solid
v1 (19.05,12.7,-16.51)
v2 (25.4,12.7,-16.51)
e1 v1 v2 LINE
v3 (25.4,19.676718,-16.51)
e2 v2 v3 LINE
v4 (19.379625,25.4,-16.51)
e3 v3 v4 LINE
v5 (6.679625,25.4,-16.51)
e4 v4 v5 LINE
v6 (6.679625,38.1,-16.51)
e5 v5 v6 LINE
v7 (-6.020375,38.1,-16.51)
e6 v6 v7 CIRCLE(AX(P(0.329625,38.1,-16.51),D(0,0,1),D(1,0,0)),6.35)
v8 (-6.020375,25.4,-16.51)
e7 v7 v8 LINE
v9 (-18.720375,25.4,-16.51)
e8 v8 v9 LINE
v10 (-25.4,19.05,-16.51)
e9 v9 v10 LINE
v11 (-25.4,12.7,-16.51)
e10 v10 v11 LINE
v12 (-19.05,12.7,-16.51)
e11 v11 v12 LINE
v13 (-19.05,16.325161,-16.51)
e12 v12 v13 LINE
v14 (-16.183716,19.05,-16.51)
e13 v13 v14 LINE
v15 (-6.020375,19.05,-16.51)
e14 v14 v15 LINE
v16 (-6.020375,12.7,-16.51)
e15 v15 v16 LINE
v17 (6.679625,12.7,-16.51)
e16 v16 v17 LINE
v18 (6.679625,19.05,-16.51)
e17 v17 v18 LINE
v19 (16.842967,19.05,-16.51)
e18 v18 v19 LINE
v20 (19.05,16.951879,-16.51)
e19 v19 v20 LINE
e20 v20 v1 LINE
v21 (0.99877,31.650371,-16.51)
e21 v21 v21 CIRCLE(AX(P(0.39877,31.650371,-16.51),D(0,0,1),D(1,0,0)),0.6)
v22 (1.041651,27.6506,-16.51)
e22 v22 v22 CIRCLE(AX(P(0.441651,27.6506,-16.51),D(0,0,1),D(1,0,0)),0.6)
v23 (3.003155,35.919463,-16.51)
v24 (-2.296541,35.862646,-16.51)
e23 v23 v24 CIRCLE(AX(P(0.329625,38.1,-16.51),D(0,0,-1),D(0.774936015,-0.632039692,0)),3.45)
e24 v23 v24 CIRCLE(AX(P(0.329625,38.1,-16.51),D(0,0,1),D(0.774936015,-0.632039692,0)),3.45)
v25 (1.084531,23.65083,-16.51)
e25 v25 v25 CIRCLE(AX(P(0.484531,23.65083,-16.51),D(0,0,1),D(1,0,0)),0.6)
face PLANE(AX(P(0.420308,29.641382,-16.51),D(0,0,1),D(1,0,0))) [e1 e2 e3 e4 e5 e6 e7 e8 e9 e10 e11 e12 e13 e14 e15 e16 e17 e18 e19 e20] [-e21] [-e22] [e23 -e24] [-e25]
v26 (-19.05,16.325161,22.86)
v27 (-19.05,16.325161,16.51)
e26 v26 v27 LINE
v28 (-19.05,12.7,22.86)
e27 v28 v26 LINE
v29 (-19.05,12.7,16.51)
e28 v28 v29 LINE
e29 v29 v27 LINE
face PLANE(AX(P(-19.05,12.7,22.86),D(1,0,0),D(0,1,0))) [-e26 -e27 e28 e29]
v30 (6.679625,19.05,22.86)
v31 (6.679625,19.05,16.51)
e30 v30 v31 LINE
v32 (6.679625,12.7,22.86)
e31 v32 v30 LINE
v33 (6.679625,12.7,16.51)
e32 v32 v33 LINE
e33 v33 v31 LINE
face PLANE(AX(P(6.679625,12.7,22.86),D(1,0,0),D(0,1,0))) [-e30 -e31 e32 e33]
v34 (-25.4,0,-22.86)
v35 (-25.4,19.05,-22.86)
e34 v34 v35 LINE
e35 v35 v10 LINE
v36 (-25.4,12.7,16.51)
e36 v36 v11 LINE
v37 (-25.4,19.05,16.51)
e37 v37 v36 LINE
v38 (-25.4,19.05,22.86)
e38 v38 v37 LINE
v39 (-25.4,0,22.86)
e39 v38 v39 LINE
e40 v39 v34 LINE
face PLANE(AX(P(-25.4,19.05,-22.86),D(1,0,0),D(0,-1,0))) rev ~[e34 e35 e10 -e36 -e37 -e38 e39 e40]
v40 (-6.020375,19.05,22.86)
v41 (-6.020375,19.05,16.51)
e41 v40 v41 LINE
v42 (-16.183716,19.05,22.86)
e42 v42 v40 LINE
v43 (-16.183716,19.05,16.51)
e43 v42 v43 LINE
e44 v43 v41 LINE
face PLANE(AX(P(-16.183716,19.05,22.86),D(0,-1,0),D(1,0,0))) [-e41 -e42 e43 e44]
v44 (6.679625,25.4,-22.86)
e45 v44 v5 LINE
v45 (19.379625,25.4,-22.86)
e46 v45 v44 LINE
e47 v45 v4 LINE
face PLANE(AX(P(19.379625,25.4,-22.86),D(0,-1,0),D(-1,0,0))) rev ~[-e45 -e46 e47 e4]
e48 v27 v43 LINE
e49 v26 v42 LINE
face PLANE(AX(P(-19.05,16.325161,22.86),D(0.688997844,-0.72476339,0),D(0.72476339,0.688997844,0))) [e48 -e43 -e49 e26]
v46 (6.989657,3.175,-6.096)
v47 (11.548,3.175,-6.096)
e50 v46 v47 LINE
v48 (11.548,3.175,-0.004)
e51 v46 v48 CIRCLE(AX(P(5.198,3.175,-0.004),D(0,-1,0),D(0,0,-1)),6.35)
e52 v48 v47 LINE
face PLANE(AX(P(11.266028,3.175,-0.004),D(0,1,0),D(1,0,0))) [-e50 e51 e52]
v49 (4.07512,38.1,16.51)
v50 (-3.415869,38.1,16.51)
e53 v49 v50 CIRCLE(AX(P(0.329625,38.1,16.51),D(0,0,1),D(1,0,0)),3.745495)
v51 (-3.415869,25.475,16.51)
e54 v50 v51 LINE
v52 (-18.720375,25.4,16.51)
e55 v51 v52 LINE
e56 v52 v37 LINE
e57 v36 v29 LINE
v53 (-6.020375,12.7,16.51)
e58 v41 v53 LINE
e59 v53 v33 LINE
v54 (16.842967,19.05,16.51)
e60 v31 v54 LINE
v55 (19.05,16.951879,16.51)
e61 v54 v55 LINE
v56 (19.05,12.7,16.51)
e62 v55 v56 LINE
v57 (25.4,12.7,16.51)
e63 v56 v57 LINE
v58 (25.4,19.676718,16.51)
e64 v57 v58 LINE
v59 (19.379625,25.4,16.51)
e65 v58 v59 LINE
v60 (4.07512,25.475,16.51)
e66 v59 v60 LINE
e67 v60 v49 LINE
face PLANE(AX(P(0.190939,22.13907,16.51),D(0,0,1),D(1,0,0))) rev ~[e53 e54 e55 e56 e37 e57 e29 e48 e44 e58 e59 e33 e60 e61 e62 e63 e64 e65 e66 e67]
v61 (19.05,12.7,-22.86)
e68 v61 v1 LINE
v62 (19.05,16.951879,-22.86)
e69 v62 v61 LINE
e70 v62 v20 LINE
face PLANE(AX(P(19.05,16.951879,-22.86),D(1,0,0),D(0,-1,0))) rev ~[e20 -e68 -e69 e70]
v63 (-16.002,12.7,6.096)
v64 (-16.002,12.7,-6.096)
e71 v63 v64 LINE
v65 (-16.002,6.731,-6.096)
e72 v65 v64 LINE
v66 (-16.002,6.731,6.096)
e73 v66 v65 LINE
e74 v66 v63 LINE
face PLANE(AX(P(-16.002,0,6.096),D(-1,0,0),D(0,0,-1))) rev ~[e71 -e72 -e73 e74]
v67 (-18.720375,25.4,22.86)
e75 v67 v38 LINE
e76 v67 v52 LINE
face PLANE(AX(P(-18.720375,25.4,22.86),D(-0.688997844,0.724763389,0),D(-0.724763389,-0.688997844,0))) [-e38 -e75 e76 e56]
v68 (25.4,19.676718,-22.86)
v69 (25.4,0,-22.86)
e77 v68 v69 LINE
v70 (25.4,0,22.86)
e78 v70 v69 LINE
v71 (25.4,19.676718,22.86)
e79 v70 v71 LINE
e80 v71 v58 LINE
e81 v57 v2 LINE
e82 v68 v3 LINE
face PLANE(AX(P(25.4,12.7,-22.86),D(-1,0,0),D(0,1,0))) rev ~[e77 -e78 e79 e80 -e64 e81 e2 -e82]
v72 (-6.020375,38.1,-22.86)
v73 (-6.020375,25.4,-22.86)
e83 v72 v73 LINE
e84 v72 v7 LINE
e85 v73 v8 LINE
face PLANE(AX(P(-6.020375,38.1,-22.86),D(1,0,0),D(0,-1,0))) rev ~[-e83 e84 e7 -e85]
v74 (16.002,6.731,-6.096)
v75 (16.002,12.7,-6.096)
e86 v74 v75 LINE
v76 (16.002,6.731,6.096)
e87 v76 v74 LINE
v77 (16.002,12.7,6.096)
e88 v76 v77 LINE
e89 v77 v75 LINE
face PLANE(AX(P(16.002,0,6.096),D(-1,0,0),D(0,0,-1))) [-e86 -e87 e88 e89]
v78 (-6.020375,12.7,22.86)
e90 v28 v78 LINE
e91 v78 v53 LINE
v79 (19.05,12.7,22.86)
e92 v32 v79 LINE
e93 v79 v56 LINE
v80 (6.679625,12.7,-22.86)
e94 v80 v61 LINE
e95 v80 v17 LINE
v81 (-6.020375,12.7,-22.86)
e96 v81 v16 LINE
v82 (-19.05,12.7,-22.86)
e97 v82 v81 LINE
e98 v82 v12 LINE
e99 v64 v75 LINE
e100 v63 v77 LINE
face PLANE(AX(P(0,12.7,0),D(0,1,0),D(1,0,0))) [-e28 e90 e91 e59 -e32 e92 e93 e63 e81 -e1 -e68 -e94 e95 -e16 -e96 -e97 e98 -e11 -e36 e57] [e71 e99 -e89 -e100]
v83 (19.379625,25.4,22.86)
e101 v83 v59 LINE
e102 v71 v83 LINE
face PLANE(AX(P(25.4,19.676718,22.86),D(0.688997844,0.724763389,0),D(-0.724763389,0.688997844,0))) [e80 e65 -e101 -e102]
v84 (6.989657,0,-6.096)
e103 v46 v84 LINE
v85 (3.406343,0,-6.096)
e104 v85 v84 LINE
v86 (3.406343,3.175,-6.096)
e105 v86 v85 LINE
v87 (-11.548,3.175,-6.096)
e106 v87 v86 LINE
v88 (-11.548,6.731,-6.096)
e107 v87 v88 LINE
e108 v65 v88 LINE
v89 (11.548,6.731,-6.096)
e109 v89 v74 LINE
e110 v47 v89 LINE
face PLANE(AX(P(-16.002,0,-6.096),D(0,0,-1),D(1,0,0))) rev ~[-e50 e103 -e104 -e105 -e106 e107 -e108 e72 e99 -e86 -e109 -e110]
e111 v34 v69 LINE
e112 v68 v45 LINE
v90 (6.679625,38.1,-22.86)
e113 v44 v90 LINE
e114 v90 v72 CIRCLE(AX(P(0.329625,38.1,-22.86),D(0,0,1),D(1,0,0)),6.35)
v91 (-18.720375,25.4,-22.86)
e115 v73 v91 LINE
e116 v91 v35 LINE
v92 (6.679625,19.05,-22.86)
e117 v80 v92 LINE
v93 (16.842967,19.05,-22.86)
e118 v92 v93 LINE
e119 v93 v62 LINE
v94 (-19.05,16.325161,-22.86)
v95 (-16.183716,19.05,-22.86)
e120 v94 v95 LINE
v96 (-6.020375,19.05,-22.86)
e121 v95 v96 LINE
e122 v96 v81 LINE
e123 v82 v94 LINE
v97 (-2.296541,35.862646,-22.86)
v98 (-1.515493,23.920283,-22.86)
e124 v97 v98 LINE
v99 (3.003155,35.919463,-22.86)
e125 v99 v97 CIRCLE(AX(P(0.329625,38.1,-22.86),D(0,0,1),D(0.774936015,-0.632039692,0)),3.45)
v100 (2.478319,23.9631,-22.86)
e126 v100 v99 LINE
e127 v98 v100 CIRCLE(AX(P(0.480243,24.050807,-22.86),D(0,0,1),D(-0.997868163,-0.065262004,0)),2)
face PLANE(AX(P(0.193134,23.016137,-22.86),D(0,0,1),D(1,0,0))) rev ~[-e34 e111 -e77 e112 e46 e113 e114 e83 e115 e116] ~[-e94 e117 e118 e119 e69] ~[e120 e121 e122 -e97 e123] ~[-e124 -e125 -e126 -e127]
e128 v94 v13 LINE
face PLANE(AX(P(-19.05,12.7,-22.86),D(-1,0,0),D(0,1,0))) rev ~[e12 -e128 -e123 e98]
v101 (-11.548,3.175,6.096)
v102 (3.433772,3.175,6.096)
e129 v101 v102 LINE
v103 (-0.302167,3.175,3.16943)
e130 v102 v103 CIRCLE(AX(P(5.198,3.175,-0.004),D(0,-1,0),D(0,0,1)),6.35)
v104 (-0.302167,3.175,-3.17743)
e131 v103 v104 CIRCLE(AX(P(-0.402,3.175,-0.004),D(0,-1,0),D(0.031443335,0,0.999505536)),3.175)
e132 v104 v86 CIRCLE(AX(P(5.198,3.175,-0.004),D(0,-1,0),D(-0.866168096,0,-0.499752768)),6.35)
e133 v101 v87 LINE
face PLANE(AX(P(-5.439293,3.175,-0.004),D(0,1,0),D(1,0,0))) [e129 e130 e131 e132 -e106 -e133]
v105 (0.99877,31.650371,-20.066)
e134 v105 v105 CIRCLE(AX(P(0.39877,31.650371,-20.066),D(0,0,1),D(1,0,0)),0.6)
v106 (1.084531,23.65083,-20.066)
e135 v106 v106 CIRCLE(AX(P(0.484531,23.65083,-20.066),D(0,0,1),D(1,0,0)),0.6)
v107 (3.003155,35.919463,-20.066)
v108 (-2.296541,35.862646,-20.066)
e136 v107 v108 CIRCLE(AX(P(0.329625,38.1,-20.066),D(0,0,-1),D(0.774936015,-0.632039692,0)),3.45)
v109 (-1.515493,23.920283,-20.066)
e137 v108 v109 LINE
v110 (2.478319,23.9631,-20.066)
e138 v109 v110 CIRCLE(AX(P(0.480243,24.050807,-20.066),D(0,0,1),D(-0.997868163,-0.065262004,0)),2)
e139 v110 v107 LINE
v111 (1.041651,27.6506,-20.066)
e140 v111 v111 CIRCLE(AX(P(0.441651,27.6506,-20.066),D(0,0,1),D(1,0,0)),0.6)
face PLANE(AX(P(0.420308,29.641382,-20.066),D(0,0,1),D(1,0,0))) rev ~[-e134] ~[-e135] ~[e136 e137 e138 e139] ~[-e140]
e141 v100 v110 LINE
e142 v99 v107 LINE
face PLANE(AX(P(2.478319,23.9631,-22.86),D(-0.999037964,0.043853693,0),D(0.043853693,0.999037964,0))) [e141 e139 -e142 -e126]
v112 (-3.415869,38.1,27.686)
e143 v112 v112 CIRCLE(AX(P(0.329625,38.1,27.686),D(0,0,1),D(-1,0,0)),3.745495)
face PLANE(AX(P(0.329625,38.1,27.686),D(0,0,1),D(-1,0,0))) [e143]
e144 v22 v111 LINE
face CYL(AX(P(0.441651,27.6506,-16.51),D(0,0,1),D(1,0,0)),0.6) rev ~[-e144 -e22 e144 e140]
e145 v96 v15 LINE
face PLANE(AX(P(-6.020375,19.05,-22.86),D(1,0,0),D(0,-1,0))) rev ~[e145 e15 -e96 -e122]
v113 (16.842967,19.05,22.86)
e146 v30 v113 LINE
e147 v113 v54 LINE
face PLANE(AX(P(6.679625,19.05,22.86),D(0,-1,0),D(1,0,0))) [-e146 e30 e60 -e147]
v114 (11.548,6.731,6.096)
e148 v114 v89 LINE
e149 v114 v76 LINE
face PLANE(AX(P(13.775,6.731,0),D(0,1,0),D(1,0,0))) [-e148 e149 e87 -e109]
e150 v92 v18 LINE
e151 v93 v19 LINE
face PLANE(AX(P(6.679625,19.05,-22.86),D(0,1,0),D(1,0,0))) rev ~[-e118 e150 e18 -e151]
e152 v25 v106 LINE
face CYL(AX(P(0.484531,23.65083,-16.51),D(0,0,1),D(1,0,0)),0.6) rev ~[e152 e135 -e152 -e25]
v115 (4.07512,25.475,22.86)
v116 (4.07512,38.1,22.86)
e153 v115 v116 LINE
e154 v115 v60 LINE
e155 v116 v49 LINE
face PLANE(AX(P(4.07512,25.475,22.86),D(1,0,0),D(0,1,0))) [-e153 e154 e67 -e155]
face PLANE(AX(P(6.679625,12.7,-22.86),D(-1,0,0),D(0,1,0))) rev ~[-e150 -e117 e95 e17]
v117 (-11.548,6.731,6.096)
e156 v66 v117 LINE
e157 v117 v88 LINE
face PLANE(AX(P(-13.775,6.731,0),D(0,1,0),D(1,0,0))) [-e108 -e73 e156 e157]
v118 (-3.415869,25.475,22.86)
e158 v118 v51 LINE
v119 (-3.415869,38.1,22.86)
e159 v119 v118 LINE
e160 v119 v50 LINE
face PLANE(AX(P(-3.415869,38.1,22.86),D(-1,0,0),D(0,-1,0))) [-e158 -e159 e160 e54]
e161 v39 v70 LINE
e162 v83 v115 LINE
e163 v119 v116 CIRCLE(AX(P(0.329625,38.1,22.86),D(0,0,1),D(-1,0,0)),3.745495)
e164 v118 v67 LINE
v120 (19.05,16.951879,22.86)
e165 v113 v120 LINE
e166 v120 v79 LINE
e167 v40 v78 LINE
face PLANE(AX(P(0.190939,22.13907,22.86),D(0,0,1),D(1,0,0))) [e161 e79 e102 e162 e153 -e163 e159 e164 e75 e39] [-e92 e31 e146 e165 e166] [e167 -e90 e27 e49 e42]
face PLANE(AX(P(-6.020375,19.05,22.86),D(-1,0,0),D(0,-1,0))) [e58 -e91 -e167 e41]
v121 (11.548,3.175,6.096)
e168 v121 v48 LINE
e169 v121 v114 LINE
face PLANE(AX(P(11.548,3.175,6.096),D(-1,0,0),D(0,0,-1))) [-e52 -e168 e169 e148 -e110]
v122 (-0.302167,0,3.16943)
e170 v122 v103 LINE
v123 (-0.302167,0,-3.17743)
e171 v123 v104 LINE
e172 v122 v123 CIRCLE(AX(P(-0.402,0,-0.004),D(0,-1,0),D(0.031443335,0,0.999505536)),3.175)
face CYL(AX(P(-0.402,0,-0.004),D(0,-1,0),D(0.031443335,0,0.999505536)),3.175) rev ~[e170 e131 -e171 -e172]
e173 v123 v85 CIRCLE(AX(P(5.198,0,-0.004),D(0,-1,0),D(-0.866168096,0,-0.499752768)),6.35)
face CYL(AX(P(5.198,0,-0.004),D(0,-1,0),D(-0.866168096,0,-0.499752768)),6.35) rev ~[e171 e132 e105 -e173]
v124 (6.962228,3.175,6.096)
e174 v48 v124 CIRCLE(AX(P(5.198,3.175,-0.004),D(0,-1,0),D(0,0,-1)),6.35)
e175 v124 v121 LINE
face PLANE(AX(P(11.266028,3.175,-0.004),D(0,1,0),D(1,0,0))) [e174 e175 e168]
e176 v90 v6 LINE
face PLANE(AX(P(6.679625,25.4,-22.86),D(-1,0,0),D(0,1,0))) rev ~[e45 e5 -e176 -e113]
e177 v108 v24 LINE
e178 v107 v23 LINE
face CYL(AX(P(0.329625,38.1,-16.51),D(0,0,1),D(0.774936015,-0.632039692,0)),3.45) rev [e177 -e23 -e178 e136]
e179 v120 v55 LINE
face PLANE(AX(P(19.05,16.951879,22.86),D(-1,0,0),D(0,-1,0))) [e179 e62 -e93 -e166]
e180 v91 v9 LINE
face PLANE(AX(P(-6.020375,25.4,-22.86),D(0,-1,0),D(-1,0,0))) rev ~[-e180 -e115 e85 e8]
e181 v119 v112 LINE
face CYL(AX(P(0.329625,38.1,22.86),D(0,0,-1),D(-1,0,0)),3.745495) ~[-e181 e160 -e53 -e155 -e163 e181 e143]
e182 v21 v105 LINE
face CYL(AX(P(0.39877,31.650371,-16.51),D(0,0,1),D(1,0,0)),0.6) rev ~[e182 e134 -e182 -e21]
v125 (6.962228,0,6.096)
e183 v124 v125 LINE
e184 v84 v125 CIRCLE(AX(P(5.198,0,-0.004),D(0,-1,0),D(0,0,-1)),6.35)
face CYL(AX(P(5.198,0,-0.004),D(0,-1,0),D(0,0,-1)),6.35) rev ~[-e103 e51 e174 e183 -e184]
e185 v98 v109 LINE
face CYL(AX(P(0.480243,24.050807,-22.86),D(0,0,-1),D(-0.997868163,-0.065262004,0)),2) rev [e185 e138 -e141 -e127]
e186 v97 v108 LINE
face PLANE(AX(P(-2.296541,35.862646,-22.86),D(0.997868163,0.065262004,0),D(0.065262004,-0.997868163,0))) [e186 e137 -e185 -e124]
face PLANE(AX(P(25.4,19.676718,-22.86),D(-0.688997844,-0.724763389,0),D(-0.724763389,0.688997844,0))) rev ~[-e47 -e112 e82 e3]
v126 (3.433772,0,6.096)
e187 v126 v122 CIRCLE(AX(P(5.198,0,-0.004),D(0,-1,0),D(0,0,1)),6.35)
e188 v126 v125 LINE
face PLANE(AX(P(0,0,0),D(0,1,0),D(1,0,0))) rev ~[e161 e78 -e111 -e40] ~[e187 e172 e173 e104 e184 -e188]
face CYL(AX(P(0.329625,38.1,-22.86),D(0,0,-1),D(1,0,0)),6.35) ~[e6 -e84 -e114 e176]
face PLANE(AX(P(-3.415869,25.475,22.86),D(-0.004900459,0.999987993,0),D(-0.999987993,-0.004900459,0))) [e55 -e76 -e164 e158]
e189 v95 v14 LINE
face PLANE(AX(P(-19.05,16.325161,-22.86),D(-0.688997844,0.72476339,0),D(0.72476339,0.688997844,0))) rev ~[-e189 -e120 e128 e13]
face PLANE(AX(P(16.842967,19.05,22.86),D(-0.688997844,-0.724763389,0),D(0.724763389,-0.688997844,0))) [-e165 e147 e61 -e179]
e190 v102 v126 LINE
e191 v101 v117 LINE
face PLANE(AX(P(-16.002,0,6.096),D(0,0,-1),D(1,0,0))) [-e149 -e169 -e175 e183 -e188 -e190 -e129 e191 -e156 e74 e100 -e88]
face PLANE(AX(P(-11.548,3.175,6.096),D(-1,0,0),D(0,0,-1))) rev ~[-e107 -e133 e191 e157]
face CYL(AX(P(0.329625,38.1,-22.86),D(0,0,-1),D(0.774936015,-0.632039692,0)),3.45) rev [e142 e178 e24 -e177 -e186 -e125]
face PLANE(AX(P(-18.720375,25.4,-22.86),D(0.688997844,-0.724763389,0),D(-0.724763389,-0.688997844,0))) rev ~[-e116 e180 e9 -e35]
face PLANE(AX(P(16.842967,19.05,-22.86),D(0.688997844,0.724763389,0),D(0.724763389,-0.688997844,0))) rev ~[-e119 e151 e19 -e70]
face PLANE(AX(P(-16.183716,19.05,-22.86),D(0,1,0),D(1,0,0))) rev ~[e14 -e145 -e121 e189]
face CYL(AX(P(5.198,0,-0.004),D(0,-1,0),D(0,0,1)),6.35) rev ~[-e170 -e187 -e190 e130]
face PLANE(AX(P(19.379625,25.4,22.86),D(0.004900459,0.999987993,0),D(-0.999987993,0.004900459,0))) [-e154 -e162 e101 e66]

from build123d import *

# Parameters (mm, degrees)
SKETCH1_W           = 50.8
SKETCH1_H           = 45.72
SKETCH1_W_2         = 32.004
SKETCH1_H_2         = 12.192
BOSS_EXTRUDE1_DEPTH = 12.7
BOSS_EXTRUDE2_START = -22.86
SKETCH2_R           = 1.671921998
BOSS_EXTRUDE2_DEPTH = 6.35
BOSS_EXTRUDE3_START = -16.51
SKETCH4_R           = 0.6
BOSS_EXTRUDE3_DEPTH = 3.556
BOSS_EXTRUDE4_DEPTH = 3.175
BOSS_EXTRUDE5_START = 3.175
SKETCH6_W           = 4.454
SKETCH6_H           = 12.192
BOSS_EXTRUDE5_DEPTH = 3.556
BOSS_EXTRUDE6_START = 22.86
BOSS_EXTRUDE6_DEPTH = 6.35
BOSS_EXTRUDE7_START = 22.86
SKETCH8_R           = 3.745494863
BOSS_EXTRUDE7_DEPTH = 4.826


with BuildPart() as part:
    # Sketch1 → Boss-Extrude1 (new body)
    with BuildSketch(Plane(origin=(0, 0, 0), x_dir=(1, 0, 0), z_dir=(0, 1, 0))):
        Rectangle(SKETCH1_W, SKETCH1_H)
        Rectangle(SKETCH1_W_2, SKETCH1_H_2, mode=Mode.SUBTRACT)
    extrude(amount=BOSS_EXTRUDE1_DEPTH)

    # Sketch2 → Boss-Extrude2 (add)
    # profile 1 of 2: a face of its own
    with BuildSketch(Plane.XY.offset(BOSS_EXTRUDE2_START)):
        with BuildLine():
            Line((-6.020374567, 38.1), (-6.020374567, 25.4))
            Line((-6.020374567, 25.4), (-18.720374567, 25.4))
            Line((-18.720374567, 25.4), (-25.4, 19.05))
            Line((-25.4, 19.05), (-25.4, 12.7))
            Line((-25.4, 12.7), (-19.05, 12.7))
            Line((-19.05, 12.7), (-19.05, 16.325160807))
            Line((-19.05, 16.325160807), (-16.18371572, 19.05))
            Line((-16.18371572, 19.05), (-6.020374567, 19.05))
            Line((-6.020374567, 19.05), (-6.020374567, 12.7))
            Line((-6.020374567, 12.7), (6.679625433, 12.7))
            Line((6.679625433, 12.7), (6.679625433, 19.05))
            Line((6.679625433, 19.05), (16.842966586, 19.05))
            Line((16.842966586, 19.05), (19.05, 16.951879032))
            Line((19.05, 16.951879032), (19.05, 12.7))
            Line((19.05, 12.7), (25.4, 12.7))
            Line((25.4, 12.7), (25.4, 19.676718225))
            Line((25.4, 19.676718225), (19.379625433, 25.4))
            Line((19.379625433, 25.4), (6.679625433, 25.4))
            Line((6.679625433, 25.4), (6.679625433, 38.1))
            ThreePointArc((6.679625433, 38.1), (0.329625433, 44.45), (-6.020374567, 38.1))
        make_face()
        with BuildLine():
            Line((-2.296540764, 35.862646406), (-1.515493151, 23.920283336))
            ThreePointArc((-1.515493151, 23.920283336), (0.501683423, 22.050922268), (2.478319103, 23.963099958))
            Line((2.478319103, 23.963099958), (3.003154686, 35.919463063))
            ThreePointArc((3.003154686, 35.919463063), (0.292641005, 41.549801755), (-2.296540764, 35.862646406))
        make_face(mode=Mode.SUBTRACT)
    # profile 2 of 2: a face of its own
    with BuildSketch(Plane.XY.offset(BOSS_EXTRUDE2_START)):
        with Locations((0.329625433, 38.1)):
            Circle(SKETCH2_R)
    extrude(amount=BOSS_EXTRUDE2_DEPTH)


with BuildPart() as boss_extrude2_kept_piece:
    # of the separate pieces the step leaves, the one the design keeps (boss_extrude2_pieces_kept)
    add(part.part.solids().sort_by_distance((-25.4, 0, 22.86))[0])

    # Sketch4 → Boss-Extrude3 (add)
    with BuildSketch(Plane.XY.offset(BOSS_EXTRUDE3_START)):
        with BuildLine():
            ThreePointArc((-1.515493151, 23.920283336), (0.501683423, 22.050922268), (2.478319103, 23.963099958))
            Line((2.478319103, 23.963099958), (3.003154686, 35.919463063))
            ThreePointArc((3.003154686, 35.919463063), (0.366609861, 34.650198245), (-2.296540764, 35.862646406))
            Line((-2.296540764, 35.862646406), (-1.515493151, 23.920283336))
        make_face()
        with Locations((0.484531225, 23.650830329)):
            Circle(SKETCH4_R, mode=Mode.SUBTRACT)
        with Locations((0.441650729, 27.65060048)):
            Circle(SKETCH4_R, mode=Mode.SUBTRACT)
        with Locations((0.398770233, 31.650370631)):
            Circle(SKETCH4_R, mode=Mode.SUBTRACT)
    extrude(amount=-BOSS_EXTRUDE3_DEPTH)

    # Sketch5 → Boss-Extrude4 (add)
    with BuildSketch(Plane(origin=(0, 0, 0), x_dir=(1, 0, 0), z_dir=(0, 1, 0))):
        with BuildLine():
            Line((16.002, 6.354), (5.198, 6.354))
            ThreePointArc((5.198, 6.354), (11.548, 0.004), (5.198, -6.346))
            Line((5.198, -6.346), (16.002, -6.346))
            Line((16.002, -6.346), (16.002, 6.354))
        make_face()
        with BuildLine():
            ThreePointArc((-0.302167411, 3.177430077), (2.022215136, 5.502808098), (5.198, 6.354))
            Line((5.198, 6.354), (-16.002, 6.354))
            Line((-16.002, 6.354), (-16.002, -6.346))
            Line((-16.002, -6.346), (5.198, -6.346))
            ThreePointArc((5.198, -6.346), (2.022215136, -5.494808098), (-0.302167411, -3.169430077))
            ThreePointArc((-0.302167411, -3.169430077), (-3.577, 0.004), (-0.302167411, 3.177430077))
        make_face()
    extrude(amount=BOSS_EXTRUDE4_DEPTH)

    # Sketch6 → Boss-Extrude5 (add)
    with BuildSketch(Plane(origin=(0, 0, 0), x_dir=(1, 0, 0), z_dir=(0, 1, 0)).offset(BOSS_EXTRUDE5_START)):
        with Locations((-13.775, 0)):
            Rectangle(SKETCH6_W, SKETCH6_H)
        with Locations((13.775, 0)):
            Rectangle(SKETCH6_W, SKETCH6_H)
    extrude(amount=BOSS_EXTRUDE5_DEPTH)



with BuildPart() as body_2:
    # Sketch7 → Boss-Extrude6 (new body)
    with BuildSketch(Plane.XY.offset(BOSS_EXTRUDE6_START)):
        with BuildLine():
            Line((-6.020374567, 12.7), (6.679625433, 12.7))
            Line((6.679625433, 12.7), (6.679625433, 19.05))
            Line((6.679625433, 19.05), (16.842966586, 19.05))
            Line((16.842966586, 19.05), (19.05, 16.951879032))
            Line((19.05, 16.951879032), (19.05, 12.7))
            Line((19.05, 12.7), (25.4, 12.7))
            Line((25.4, 12.7), (25.4, 19.676718225))
            Line((25.4, 19.676718225), (19.379625433, 25.4))
            Line((19.379625433, 25.4), (4.075120296, 25.475))
            Line((4.075120296, 25.475), (4.075120296, 38.1))
            ThreePointArc((4.075120296, 38.1), (0.329625433, 41.845494863), (-3.41586943, 38.1))
            Line((-3.41586943, 38.1), (-3.41586943, 25.475))
            Line((-3.41586943, 25.475), (-18.720374567, 25.4))
            Line((-18.720374567, 25.4), (-25.4, 19.05))
            Line((-25.4, 19.05), (-25.4, 12.7))
            Line((-25.4, 12.7), (-19.05, 12.7))
            Line((-19.05, 12.7), (-19.05, 16.325160807))
            Line((-19.05, 16.325160807), (-16.18371572, 19.05))
            Line((-16.18371572, 19.05), (-6.020374567, 19.05))
            Line((-6.020374567, 19.05), (-6.020374567, 12.7))
        make_face()
    extrude(amount=-BOSS_EXTRUDE6_DEPTH)


with BuildPart() as boss_extrude2_kept_piece_1:
    add(boss_extrude2_kept_piece.part)

    add(body_2.part)  # Boss-Extrude7 merges body 2
    # Sketch8 → Boss-Extrude7 (add)
    with BuildSketch(Plane.XY.offset(BOSS_EXTRUDE7_START)):
        with Locations(Location((0.329625433, 38.1, 0), (0, 0, 180))):
            Circle(SKETCH8_R)
    extrude(amount=BOSS_EXTRUDE7_DEPTH)


solid = boss_extrude2_kept_piece_1.part
